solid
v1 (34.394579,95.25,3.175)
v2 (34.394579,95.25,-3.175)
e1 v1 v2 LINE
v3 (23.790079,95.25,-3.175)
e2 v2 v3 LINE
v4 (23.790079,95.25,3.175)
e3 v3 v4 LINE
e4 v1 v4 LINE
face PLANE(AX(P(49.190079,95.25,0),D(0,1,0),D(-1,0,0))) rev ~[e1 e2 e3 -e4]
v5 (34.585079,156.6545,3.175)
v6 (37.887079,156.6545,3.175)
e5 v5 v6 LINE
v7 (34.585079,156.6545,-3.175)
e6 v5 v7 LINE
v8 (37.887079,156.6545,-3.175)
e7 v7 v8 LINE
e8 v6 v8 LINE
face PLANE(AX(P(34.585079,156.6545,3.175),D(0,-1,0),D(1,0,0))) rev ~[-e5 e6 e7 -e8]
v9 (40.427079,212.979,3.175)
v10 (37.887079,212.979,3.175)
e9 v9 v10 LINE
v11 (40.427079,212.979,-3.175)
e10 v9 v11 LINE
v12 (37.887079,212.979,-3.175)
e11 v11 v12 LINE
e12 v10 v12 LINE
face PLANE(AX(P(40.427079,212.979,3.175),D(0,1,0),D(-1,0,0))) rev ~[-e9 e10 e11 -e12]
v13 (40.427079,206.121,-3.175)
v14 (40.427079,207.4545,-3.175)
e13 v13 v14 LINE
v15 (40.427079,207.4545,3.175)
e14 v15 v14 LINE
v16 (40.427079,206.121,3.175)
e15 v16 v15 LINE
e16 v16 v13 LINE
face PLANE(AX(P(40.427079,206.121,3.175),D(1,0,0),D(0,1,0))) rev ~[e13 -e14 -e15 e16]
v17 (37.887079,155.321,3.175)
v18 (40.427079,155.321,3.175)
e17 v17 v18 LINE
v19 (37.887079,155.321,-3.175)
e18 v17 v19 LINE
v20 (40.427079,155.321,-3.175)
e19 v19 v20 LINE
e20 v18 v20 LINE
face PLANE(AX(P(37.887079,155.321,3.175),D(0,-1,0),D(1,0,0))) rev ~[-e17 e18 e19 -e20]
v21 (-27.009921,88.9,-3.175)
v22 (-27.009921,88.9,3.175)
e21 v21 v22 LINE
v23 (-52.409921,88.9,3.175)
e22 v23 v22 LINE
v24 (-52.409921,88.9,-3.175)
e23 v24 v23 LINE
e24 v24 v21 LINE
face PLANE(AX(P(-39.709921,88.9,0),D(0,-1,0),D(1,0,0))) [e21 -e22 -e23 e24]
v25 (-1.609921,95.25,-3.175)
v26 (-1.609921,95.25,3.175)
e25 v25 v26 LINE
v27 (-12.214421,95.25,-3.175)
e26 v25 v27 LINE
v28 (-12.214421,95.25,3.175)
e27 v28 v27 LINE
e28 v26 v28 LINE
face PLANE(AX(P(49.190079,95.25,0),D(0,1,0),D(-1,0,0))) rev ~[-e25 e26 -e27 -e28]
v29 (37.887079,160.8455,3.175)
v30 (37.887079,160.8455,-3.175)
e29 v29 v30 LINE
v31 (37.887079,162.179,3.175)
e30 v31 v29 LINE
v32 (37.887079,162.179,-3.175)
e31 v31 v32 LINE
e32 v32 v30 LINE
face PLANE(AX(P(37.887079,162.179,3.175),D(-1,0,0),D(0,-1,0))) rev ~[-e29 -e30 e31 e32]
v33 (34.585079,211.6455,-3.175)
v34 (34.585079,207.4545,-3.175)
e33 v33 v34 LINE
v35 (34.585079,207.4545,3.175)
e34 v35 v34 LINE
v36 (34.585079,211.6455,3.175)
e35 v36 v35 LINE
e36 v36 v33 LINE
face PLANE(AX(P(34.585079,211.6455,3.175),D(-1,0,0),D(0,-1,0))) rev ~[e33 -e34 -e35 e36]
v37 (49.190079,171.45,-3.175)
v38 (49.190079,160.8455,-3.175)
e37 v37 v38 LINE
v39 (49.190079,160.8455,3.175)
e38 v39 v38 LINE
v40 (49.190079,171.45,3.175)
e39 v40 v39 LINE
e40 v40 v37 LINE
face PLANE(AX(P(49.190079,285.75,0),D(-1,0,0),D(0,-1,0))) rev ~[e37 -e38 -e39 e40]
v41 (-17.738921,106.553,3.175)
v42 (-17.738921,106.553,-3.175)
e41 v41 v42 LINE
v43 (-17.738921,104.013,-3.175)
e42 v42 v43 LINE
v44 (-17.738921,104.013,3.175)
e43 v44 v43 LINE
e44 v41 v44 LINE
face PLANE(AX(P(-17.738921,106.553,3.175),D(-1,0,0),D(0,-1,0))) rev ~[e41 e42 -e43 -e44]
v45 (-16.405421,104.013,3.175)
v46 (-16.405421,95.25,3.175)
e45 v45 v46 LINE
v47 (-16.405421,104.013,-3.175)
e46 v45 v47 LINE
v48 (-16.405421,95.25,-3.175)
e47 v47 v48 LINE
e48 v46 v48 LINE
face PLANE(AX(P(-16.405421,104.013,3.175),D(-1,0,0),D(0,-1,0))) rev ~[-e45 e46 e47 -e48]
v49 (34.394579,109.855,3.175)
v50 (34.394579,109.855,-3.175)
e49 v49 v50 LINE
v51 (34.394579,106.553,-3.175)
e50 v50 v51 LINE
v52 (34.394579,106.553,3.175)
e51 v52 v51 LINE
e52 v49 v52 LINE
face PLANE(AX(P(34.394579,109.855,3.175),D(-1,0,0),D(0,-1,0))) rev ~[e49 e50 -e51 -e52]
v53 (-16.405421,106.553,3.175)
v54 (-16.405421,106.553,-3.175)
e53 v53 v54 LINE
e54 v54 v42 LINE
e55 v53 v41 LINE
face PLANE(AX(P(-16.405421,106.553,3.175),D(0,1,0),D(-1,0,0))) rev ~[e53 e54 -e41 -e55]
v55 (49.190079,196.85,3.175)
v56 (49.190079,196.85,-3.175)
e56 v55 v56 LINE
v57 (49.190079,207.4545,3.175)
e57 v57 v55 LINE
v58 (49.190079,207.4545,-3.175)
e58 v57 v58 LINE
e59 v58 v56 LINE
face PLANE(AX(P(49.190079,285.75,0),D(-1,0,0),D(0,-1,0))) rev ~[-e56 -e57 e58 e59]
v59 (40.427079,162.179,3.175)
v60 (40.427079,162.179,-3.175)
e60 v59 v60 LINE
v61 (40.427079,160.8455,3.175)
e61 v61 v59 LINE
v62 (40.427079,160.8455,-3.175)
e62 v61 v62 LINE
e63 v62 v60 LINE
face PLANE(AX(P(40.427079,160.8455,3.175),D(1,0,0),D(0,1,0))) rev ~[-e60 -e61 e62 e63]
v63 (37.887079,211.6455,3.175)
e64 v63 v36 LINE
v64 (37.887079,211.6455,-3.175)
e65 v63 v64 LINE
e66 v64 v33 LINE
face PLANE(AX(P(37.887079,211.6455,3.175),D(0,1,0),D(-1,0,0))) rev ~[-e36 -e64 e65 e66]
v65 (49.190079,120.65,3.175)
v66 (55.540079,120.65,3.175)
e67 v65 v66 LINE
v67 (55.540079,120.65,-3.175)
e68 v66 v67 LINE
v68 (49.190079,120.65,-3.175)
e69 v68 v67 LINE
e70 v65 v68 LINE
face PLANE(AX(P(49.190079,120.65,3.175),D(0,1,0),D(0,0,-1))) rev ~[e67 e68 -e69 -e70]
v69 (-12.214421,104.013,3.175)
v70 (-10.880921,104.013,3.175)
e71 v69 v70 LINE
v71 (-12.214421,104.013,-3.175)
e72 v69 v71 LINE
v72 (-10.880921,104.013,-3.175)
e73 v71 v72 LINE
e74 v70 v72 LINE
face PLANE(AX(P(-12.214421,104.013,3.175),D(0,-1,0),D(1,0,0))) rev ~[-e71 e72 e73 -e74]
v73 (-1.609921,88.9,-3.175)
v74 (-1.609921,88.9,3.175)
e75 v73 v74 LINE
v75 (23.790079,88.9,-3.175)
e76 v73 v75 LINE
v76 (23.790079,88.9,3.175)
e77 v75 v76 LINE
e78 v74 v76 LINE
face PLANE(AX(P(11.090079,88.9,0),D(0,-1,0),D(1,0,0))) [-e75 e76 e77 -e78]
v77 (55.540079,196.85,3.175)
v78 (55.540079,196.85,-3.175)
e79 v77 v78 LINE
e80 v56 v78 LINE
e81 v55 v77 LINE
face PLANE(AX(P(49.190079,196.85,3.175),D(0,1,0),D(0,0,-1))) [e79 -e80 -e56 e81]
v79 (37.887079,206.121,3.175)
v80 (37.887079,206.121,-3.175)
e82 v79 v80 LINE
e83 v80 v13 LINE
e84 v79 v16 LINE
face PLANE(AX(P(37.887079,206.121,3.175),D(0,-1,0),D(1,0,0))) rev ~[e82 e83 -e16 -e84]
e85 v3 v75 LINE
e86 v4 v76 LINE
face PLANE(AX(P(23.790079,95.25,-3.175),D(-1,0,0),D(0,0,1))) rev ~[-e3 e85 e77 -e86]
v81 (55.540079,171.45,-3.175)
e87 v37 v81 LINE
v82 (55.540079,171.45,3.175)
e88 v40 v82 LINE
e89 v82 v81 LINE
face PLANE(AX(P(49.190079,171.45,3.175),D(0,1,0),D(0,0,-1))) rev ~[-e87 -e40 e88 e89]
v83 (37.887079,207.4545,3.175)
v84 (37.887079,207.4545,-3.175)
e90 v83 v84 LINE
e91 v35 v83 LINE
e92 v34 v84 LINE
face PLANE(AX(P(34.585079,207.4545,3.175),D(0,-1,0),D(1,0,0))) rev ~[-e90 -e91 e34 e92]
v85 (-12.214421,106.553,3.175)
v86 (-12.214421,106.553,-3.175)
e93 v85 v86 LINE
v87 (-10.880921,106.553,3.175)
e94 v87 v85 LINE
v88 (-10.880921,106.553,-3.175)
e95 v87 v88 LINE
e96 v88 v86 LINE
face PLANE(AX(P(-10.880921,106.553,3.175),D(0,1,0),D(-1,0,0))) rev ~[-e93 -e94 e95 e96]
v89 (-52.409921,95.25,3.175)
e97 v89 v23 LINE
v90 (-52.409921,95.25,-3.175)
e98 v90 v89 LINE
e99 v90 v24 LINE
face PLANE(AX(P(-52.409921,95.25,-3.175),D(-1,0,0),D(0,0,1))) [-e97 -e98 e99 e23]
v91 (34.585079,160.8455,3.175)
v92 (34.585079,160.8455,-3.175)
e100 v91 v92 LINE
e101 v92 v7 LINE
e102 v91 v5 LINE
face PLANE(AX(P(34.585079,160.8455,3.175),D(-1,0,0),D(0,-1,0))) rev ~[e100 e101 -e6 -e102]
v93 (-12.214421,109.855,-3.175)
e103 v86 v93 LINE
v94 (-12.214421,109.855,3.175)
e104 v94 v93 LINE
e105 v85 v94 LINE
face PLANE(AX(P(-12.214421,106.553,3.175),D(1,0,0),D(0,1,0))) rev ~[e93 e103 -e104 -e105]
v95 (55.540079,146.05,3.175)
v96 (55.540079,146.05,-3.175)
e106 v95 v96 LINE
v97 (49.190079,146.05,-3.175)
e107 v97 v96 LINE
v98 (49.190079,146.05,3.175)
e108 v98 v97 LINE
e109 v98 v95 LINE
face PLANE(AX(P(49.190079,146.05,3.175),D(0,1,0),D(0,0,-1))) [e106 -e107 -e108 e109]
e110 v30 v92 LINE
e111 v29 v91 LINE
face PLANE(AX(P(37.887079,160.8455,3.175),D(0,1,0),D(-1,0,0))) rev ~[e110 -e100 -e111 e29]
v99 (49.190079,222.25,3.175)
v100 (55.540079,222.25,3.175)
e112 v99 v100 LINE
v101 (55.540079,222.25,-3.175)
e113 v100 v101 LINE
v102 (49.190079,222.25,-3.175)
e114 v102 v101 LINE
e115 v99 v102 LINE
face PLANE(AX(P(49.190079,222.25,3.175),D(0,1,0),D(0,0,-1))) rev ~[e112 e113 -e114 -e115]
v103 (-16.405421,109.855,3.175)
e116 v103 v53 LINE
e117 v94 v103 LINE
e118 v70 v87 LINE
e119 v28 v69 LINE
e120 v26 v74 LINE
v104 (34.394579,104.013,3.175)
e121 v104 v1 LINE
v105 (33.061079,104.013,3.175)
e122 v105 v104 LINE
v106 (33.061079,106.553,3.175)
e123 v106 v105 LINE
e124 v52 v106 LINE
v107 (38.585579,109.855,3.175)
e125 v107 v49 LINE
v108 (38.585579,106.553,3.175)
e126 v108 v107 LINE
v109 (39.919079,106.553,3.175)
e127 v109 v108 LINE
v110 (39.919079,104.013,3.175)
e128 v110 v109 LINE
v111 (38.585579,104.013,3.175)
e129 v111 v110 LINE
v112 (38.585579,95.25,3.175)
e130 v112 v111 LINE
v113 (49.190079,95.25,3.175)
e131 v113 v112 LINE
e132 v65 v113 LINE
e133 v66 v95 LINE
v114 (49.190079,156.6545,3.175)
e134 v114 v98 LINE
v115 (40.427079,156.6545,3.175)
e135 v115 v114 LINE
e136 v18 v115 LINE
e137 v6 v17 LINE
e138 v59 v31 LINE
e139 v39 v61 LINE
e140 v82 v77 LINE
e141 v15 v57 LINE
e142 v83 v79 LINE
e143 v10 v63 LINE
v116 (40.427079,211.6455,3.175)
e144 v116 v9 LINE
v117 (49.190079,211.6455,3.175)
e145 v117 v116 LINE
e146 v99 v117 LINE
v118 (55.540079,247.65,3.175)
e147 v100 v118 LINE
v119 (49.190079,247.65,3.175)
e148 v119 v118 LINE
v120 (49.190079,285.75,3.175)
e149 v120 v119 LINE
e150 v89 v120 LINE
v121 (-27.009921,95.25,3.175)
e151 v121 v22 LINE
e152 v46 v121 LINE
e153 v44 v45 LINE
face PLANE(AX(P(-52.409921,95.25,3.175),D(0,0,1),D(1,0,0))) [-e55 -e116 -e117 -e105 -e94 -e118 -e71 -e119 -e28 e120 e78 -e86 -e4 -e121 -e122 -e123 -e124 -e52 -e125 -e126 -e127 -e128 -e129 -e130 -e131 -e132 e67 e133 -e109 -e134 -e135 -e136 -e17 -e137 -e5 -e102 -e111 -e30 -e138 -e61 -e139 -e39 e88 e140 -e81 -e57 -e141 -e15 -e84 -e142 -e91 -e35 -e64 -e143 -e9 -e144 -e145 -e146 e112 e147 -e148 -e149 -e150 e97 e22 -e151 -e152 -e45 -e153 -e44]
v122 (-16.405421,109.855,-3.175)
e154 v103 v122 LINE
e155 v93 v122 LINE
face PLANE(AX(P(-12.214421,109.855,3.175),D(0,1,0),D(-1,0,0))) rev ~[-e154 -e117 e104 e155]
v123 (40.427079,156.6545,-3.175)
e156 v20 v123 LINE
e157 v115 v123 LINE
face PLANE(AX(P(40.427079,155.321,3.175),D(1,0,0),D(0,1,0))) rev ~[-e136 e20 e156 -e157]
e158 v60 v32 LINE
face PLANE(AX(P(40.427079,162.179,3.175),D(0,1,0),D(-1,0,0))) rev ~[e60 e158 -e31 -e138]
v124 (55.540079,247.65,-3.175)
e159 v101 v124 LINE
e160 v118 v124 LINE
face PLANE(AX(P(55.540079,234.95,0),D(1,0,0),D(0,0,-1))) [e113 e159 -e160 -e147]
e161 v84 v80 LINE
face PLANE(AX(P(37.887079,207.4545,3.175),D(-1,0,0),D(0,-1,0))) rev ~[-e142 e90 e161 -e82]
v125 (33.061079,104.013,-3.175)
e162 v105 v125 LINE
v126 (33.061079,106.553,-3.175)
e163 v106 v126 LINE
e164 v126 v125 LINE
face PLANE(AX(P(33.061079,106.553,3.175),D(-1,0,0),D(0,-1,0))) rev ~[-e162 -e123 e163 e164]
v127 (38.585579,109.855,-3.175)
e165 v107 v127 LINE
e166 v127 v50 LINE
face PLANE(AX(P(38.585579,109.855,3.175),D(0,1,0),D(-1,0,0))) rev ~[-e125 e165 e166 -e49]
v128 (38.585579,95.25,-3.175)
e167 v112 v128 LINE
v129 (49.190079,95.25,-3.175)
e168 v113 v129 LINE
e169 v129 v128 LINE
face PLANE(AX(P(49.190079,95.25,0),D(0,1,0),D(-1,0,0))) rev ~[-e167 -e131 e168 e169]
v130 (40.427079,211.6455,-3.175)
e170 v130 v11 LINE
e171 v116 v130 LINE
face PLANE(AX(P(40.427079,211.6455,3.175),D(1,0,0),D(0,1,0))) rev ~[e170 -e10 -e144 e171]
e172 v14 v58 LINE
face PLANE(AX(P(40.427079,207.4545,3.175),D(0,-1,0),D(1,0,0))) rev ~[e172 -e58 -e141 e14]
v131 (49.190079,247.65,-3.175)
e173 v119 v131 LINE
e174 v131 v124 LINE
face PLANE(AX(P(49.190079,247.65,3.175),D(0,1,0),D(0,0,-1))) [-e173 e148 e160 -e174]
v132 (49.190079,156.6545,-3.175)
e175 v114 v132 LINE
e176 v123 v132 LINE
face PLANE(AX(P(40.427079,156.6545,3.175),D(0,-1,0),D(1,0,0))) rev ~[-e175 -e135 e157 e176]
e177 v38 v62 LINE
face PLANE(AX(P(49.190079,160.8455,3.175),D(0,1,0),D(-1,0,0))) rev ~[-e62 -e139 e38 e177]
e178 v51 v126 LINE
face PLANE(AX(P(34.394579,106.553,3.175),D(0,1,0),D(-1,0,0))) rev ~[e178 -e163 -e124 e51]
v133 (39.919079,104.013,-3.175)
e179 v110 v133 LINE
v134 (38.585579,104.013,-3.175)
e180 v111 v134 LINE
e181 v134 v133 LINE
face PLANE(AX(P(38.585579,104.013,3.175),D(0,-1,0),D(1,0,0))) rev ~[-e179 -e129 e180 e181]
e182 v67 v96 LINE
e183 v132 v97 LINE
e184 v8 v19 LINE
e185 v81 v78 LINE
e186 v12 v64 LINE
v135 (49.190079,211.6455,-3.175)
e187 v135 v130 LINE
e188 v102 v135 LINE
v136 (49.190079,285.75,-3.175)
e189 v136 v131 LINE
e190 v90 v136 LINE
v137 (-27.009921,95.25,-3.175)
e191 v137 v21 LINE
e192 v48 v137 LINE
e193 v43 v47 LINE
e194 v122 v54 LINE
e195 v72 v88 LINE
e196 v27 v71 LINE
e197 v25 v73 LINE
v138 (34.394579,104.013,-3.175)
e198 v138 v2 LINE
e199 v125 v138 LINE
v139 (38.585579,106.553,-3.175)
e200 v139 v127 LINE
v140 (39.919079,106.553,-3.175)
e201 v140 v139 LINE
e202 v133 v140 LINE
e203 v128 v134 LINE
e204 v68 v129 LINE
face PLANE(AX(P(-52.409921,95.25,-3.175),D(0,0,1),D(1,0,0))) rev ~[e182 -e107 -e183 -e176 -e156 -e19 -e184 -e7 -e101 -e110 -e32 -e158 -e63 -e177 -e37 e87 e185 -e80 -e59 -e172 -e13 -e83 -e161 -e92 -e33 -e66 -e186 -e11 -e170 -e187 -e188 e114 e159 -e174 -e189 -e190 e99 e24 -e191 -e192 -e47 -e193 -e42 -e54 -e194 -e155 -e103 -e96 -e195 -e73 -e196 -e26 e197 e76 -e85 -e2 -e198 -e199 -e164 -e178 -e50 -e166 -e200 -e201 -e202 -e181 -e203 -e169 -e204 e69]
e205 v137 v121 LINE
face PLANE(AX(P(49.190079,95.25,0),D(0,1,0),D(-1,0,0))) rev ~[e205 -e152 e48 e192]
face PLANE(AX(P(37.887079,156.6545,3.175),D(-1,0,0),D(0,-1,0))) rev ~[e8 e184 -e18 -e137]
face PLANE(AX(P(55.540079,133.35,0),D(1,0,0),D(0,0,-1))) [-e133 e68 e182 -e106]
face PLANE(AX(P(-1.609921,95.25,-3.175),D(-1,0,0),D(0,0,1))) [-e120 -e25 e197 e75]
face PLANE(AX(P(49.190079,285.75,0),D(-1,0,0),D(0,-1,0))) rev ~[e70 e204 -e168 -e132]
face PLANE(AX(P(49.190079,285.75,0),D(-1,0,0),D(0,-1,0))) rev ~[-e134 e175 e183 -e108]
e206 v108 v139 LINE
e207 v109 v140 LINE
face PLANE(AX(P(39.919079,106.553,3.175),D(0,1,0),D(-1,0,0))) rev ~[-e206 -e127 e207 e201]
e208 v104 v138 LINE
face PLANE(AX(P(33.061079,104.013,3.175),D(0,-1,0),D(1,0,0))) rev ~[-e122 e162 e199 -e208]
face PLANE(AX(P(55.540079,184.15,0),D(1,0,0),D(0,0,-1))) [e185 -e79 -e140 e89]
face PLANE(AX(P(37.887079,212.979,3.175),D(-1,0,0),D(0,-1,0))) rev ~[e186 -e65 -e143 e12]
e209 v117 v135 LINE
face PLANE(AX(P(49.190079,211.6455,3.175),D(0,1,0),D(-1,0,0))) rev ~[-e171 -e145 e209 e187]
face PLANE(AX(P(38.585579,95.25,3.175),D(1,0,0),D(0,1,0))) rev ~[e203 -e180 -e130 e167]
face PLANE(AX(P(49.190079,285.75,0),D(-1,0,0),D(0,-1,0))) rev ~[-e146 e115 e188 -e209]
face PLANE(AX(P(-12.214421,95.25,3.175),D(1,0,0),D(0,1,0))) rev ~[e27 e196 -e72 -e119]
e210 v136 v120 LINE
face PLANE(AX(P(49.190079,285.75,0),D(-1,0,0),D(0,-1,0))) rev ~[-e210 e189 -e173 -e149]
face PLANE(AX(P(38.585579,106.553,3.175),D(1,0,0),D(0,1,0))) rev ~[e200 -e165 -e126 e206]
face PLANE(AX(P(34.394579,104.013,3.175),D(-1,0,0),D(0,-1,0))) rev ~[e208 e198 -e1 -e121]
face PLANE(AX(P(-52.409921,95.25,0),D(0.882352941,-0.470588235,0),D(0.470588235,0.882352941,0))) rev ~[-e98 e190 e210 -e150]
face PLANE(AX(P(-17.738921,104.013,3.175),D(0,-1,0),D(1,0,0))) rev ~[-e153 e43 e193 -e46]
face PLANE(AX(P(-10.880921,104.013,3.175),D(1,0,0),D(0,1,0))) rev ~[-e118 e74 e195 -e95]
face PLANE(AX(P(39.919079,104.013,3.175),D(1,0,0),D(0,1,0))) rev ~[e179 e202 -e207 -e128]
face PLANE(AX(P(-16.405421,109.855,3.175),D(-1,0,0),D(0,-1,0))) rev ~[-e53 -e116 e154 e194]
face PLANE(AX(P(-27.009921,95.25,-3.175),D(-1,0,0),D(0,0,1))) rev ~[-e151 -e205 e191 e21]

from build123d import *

# Parameters (mm, degrees)
BOSS_EXTRUDE1_DEPTH = 3.175
SKETCH2_W           = 6.35
SKETCH2_H           = 25.4
BOSS_EXTRUDE2_DEPTH = 6.35
LPATTERN1_COUNT     = 3
LPATTERN1_PITCH     = 50.8
SKETCH3_W           = 25.4
SKETCH3_H           = 6.35
BOSS_EXTRUDE3_DEPTH = 6.35
LPATTERN2_COUNT     = 2
LPATTERN2_PITCH     = 50.8
CUT_EXTRUDE1_DEPTH  = 292.166765647


with BuildPart() as part:
    # Sketch1 → Boss-Extrude1 (new, symmetric)
    with BuildSketch(Plane.XY):
        Polygon((49.19007938, 285.75), (49.19007938, 95.25), (-52.40992062, 95.25), align=None)
    extrude(amount=BOSS_EXTRUDE1_DEPTH, both=True)

    # Sketch2 → Boss-Extrude2 (add)
    with BuildSketch(Plane(origin=(49.19007938, 0, 0), x_dir=(0, 0, -1), z_dir=(1, 0, 0))):
        with Locations((0, 133.35)):
            Rectangle(SKETCH2_W, SKETCH2_H)
    boss_extrude2 = extrude(amount=BOSS_EXTRUDE2_DEPTH)

    # LPattern1: Boss-Extrude2 ×3
    with Locations(*[(0, i * LPATTERN1_PITCH, 0) for i in range(1, LPATTERN1_COUNT)]):
        add(boss_extrude2)

    # Sketch3 → Boss-Extrude3 (add)
    with BuildSketch(Plane.XZ.offset(-95.25)):
        with Locations((11.09007938, 0)):
            Rectangle(SKETCH3_W, SKETCH3_H)
    boss_extrude3 = extrude(amount=BOSS_EXTRUDE3_DEPTH)

    # LPattern2: Boss-Extrude3 ×2
    with Locations(*[(-i * LPATTERN2_PITCH, 0, 0) for i in range(1, LPATTERN2_COUNT)]):
        add(boss_extrude3)

    # Sketch4 → Cut-Extrude1 (cut, through all)
    with BuildSketch(Plane.XY.offset(3.175)):
        Polygon((49.19007938, 156.6545), (49.19007938, 160.8455), (40.42707938, 160.8455), (40.42707938, 162.179), (37.88707938, 162.179), (37.88707938, 160.8455), (34.58507938, 160.8455), (34.58507938, 156.6545), (37.88707938, 156.6545), (37.88707938, 155.321), (40.42707938, 155.321), (40.42707938, 156.6545), align=None)
        Polygon((-16.40542062, 95.25), (-12.21442062, 95.25), (-12.21442062, 104.013), (-10.88092062, 104.013), (-10.88092062, 106.553), (-12.21442062, 106.553), (-12.21442062, 109.855), (-16.40542062, 109.855), (-16.40542062, 106.553), (-17.73892062, 106.553), (-17.73892062, 104.013), (-16.40542062, 104.013), align=None)
        Polygon((49.19007938, 207.4545), (49.19007938, 211.6455), (40.42707938, 211.6455), (40.42707938, 212.979), (37.88707938, 212.979), (37.88707938, 211.6455), (34.58507938, 211.6455), (34.58507938, 207.4545), (37.88707938, 207.4545), (37.88707938, 206.121), (40.42707938, 206.121), (40.42707938, 207.4545), align=None)
        Polygon((34.39457938, 95.25), (38.58557938, 95.25), (38.58557938, 104.013), (39.91907938, 104.013), (39.91907938, 106.553), (38.58557938, 106.553), (38.58557938, 109.855), (34.39457938, 109.855), (34.39457938, 106.553), (33.06107938, 106.553), (33.06107938, 104.013), (34.39457938, 104.013), align=None)
    extrude(amount=-CUT_EXTRUDE1_DEPTH, mode=Mode.SUBTRACT)


solid = part.part
